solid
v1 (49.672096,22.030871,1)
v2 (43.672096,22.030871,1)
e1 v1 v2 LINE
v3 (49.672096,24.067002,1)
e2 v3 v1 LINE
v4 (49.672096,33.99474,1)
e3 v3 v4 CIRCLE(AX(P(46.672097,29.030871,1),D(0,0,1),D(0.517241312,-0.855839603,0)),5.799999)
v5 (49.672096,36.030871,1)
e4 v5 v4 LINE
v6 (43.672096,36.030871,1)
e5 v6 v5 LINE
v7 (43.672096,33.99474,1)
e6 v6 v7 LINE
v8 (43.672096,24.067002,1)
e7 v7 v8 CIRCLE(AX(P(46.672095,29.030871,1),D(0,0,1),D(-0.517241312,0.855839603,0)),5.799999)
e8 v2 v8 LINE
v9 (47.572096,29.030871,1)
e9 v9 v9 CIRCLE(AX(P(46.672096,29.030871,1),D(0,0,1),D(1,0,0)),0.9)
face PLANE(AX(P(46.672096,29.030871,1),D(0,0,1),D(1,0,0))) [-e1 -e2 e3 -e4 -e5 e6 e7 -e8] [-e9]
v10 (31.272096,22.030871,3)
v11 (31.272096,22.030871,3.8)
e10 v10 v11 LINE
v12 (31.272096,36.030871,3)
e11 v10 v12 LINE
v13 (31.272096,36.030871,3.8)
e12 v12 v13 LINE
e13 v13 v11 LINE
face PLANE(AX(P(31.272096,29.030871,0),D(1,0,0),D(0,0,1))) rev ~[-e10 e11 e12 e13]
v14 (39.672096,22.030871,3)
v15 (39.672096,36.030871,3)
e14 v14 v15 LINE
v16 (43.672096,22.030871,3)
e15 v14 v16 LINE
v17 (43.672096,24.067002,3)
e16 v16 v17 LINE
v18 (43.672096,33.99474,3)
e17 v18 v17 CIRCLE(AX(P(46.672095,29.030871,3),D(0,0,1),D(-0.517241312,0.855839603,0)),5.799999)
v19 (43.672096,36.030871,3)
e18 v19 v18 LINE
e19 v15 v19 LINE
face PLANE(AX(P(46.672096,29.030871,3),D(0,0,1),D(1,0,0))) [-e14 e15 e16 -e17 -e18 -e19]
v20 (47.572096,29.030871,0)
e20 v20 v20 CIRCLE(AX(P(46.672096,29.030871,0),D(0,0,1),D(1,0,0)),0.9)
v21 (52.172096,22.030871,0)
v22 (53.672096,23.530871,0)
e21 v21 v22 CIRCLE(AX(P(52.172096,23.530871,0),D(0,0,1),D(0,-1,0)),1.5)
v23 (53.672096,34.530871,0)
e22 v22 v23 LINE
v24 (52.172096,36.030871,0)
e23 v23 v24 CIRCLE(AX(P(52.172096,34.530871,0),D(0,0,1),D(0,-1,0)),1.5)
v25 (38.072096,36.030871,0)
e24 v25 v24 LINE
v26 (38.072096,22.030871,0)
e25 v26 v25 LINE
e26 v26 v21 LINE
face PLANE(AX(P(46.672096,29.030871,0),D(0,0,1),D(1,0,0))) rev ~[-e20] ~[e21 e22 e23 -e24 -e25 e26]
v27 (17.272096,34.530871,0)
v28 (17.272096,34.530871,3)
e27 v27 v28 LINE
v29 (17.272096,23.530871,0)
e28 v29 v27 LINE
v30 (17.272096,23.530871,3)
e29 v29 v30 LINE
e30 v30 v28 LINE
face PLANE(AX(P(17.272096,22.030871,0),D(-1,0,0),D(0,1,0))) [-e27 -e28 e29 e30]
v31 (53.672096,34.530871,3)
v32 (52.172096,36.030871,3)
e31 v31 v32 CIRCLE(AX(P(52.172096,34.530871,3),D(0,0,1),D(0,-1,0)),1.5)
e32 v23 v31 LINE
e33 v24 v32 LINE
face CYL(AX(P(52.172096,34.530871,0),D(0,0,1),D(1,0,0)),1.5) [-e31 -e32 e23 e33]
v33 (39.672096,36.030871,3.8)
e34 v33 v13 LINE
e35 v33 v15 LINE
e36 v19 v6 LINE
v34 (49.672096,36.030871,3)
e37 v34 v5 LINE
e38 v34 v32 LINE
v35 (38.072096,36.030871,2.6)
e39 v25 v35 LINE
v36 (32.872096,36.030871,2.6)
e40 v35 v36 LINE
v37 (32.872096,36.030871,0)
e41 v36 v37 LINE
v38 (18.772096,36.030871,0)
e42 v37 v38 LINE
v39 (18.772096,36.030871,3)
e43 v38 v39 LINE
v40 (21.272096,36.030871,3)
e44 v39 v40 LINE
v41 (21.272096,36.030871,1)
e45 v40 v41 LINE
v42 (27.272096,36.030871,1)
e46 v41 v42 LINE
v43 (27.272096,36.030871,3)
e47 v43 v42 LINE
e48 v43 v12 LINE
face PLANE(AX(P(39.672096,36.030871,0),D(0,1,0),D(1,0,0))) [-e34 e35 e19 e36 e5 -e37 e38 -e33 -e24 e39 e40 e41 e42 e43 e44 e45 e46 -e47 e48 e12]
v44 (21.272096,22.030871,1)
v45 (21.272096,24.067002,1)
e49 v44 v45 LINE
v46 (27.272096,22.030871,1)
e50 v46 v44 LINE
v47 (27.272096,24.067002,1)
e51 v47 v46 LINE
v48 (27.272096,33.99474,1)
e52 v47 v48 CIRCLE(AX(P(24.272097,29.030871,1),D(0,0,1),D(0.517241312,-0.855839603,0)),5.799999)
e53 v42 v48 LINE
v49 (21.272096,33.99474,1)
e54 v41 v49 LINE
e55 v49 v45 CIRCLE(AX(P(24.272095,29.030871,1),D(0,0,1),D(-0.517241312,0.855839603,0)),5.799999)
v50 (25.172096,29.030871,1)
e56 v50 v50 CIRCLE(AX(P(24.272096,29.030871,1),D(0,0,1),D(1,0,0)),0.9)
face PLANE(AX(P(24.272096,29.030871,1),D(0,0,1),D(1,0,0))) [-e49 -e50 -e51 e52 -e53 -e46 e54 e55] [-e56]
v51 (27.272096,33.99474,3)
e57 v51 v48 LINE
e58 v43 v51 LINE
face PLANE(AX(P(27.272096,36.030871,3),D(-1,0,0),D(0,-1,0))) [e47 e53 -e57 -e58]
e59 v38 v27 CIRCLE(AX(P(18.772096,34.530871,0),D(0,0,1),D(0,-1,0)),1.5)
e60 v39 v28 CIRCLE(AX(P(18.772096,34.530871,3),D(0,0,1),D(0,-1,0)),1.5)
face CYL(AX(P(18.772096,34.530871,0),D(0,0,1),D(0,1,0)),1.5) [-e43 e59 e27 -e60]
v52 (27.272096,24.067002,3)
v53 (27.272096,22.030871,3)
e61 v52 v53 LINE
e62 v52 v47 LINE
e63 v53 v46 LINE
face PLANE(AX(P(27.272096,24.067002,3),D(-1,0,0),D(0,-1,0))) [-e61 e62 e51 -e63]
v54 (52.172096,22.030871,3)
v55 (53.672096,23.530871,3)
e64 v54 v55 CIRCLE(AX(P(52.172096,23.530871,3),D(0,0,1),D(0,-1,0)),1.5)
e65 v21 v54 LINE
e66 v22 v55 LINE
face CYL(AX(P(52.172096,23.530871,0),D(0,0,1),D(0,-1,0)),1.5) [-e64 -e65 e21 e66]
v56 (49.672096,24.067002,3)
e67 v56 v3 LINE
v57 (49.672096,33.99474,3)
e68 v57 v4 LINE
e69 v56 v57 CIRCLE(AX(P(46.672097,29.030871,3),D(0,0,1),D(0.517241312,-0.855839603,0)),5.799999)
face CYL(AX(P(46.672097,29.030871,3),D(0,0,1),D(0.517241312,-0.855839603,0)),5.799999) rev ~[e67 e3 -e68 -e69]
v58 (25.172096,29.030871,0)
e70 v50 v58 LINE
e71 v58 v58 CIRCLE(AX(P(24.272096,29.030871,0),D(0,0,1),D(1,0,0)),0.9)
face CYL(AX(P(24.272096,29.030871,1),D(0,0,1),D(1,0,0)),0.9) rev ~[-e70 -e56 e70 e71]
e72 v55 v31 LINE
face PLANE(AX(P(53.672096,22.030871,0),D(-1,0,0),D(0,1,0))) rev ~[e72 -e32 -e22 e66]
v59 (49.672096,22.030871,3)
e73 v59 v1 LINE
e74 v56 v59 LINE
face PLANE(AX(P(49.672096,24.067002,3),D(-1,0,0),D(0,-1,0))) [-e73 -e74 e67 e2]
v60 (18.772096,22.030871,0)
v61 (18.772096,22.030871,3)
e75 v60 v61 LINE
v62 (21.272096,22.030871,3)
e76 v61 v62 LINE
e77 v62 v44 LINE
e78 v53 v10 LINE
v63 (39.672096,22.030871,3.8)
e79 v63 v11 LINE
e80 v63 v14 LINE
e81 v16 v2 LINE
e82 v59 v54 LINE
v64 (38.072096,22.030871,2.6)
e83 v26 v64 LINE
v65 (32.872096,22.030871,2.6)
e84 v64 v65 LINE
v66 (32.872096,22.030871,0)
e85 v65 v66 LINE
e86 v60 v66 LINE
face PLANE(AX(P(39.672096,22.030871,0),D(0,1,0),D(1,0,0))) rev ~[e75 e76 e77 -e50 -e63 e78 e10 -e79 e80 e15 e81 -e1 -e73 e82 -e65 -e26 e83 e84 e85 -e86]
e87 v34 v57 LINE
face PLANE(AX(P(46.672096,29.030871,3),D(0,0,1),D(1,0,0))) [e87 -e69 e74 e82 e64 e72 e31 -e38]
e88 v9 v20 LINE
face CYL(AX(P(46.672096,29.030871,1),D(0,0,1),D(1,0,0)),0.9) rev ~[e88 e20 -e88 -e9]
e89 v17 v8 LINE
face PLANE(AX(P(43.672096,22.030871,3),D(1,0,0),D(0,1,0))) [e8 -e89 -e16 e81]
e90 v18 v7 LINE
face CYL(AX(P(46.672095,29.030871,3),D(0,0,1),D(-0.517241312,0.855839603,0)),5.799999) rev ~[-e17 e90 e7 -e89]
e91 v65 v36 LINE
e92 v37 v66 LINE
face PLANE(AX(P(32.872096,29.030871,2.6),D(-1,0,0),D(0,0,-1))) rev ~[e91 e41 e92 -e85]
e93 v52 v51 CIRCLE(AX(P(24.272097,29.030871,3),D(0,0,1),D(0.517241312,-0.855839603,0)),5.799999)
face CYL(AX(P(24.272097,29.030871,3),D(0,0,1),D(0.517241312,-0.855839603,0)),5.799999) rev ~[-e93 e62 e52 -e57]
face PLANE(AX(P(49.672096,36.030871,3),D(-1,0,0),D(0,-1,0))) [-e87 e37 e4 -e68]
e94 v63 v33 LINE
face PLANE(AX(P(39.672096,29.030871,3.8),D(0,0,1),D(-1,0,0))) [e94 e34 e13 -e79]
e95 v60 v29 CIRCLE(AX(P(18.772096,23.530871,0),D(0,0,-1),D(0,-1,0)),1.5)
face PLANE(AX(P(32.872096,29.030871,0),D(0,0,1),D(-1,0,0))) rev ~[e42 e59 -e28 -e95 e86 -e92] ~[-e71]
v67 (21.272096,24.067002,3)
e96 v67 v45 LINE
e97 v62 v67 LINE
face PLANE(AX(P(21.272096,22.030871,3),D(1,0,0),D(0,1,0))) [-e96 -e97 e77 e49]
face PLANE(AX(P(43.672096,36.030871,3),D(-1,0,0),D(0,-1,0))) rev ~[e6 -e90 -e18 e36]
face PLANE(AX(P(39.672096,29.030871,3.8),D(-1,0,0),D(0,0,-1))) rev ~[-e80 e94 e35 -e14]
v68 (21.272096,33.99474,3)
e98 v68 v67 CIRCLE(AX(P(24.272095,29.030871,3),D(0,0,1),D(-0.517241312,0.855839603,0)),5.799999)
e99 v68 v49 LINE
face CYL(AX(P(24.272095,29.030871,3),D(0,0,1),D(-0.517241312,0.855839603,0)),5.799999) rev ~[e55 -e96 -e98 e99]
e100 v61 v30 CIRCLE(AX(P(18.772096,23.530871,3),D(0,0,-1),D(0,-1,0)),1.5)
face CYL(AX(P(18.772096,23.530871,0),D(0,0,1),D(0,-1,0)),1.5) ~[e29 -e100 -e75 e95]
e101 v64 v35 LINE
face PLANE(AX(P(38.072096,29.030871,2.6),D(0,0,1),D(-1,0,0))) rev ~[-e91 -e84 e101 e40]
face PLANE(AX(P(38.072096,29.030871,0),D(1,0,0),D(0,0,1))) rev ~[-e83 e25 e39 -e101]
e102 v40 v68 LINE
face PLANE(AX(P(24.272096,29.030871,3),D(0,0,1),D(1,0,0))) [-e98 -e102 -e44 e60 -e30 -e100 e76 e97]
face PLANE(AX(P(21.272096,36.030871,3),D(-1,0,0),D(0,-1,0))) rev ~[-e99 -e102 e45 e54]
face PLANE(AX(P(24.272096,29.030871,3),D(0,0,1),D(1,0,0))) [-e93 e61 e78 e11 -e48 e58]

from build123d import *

# Parameters (mm, degrees)
PAD_DEPTH       = 7
SKETCH006_W     = 14
SKETCH006_H     = 14
PAD002_DEPTH    = 3
POCKET004_DEPTH = 2
SKETCH008_R     = 0.9
POCKET005_DEPTH = 1.001
FILLET001_R     = 1.5


with BuildPart() as clamp_unit001:
    # Sketch → Pad (new body, symmetric)
    with BuildSketch(Plane.XZ):
        Polygon((-2.6, 3.8), (4.2, 3.8), (4.2, 0), (2.6, 0), (2.6, 2.6), (-2.6, 2.6), (-2.6, 0), (-4.2, 0), (-4.2, 3.8), align=None)
    extrude(amount=PAD_DEPTH, both=True)


with BuildPart() as pushpin_unit002:
    # Sketch006 → Pad002 (new body)
    with BuildSketch(Plane.XY):
        Rectangle(SKETCH006_W, SKETCH006_H)
    extrude(amount=PAD002_DEPTH)

    # Sketch007 → Pocket004 (cut)
    with BuildSketch(Plane.XY.offset(3)):
        with BuildLine():
            Line((-3, 7), (-3, 4.963869))
            ThreePointArc((-3, 4.963869), (-5.8, 0), (-3, -4.963869))
            Line((-3, -7), (-3, -4.963869))
            Line((3, -7), (-3, -7))
            Line((3, -4.963869), (3, -7))
            ThreePointArc((3, -4.963869), (5.8, 0), (3, 4.963869))
            Line((3, 7), (3, 4.963869))
            Line((-3, 7), (3, 7))
        make_face()
    extrude(amount=-POCKET004_DEPTH, mode=Mode.SUBTRACT)

    # Sketch008 → Pocket005 (cut, through all)
    with BuildSketch(Plane.XY.offset(1)):
        Circle(SKETCH008_R)
    extrude(amount=-POCKET005_DEPTH, mode=Mode.SUBTRACT)


with BuildPart() as pushpin_unit002_1:
    # Clone placement: moved
    add(pushpin_unit002.part.moved(Location((-11.2, 0, 0))))


with BuildPart() as pushpin_unit003:
    # Clone004 base: copy of pushpin-unit002
    add(pushpin_unit002_1.part)


with BuildPart() as pushpin_unit003_1:
    # Clone004 placement: moved
    add(pushpin_unit003.part.moved(Location((22.4, 0, 0))))


with BuildPart() as wire_holder_double:
    # Fusion001 base: copy of pushpin-unit002
    add(pushpin_unit002_1.part)

    # Fusion001: union clamp-unit001, pushpin-unit003
    add(clamp_unit001.part)
    add(pushpin_unit003_1.part)

    # Fillet001
    fillet001_edges = [wire_holder_double.edges().sort_by_distance(p)[0] for p in [
        (-18.2, 7, 1.5),
        (18.2, 7, 1.5),
        (-18.2, -7, 1.5),
        (18.2, -7, 1.5),
    ]]
    fillet(fillet001_edges, radius=FILLET001_R)


with BuildPart() as wire_holder_double_1:
    # Clone007 placement: moved
    add(wire_holder_double.part.moved(Location((35.472096, 29.030871, 0))))


solid = wire_holder_double_1.part
